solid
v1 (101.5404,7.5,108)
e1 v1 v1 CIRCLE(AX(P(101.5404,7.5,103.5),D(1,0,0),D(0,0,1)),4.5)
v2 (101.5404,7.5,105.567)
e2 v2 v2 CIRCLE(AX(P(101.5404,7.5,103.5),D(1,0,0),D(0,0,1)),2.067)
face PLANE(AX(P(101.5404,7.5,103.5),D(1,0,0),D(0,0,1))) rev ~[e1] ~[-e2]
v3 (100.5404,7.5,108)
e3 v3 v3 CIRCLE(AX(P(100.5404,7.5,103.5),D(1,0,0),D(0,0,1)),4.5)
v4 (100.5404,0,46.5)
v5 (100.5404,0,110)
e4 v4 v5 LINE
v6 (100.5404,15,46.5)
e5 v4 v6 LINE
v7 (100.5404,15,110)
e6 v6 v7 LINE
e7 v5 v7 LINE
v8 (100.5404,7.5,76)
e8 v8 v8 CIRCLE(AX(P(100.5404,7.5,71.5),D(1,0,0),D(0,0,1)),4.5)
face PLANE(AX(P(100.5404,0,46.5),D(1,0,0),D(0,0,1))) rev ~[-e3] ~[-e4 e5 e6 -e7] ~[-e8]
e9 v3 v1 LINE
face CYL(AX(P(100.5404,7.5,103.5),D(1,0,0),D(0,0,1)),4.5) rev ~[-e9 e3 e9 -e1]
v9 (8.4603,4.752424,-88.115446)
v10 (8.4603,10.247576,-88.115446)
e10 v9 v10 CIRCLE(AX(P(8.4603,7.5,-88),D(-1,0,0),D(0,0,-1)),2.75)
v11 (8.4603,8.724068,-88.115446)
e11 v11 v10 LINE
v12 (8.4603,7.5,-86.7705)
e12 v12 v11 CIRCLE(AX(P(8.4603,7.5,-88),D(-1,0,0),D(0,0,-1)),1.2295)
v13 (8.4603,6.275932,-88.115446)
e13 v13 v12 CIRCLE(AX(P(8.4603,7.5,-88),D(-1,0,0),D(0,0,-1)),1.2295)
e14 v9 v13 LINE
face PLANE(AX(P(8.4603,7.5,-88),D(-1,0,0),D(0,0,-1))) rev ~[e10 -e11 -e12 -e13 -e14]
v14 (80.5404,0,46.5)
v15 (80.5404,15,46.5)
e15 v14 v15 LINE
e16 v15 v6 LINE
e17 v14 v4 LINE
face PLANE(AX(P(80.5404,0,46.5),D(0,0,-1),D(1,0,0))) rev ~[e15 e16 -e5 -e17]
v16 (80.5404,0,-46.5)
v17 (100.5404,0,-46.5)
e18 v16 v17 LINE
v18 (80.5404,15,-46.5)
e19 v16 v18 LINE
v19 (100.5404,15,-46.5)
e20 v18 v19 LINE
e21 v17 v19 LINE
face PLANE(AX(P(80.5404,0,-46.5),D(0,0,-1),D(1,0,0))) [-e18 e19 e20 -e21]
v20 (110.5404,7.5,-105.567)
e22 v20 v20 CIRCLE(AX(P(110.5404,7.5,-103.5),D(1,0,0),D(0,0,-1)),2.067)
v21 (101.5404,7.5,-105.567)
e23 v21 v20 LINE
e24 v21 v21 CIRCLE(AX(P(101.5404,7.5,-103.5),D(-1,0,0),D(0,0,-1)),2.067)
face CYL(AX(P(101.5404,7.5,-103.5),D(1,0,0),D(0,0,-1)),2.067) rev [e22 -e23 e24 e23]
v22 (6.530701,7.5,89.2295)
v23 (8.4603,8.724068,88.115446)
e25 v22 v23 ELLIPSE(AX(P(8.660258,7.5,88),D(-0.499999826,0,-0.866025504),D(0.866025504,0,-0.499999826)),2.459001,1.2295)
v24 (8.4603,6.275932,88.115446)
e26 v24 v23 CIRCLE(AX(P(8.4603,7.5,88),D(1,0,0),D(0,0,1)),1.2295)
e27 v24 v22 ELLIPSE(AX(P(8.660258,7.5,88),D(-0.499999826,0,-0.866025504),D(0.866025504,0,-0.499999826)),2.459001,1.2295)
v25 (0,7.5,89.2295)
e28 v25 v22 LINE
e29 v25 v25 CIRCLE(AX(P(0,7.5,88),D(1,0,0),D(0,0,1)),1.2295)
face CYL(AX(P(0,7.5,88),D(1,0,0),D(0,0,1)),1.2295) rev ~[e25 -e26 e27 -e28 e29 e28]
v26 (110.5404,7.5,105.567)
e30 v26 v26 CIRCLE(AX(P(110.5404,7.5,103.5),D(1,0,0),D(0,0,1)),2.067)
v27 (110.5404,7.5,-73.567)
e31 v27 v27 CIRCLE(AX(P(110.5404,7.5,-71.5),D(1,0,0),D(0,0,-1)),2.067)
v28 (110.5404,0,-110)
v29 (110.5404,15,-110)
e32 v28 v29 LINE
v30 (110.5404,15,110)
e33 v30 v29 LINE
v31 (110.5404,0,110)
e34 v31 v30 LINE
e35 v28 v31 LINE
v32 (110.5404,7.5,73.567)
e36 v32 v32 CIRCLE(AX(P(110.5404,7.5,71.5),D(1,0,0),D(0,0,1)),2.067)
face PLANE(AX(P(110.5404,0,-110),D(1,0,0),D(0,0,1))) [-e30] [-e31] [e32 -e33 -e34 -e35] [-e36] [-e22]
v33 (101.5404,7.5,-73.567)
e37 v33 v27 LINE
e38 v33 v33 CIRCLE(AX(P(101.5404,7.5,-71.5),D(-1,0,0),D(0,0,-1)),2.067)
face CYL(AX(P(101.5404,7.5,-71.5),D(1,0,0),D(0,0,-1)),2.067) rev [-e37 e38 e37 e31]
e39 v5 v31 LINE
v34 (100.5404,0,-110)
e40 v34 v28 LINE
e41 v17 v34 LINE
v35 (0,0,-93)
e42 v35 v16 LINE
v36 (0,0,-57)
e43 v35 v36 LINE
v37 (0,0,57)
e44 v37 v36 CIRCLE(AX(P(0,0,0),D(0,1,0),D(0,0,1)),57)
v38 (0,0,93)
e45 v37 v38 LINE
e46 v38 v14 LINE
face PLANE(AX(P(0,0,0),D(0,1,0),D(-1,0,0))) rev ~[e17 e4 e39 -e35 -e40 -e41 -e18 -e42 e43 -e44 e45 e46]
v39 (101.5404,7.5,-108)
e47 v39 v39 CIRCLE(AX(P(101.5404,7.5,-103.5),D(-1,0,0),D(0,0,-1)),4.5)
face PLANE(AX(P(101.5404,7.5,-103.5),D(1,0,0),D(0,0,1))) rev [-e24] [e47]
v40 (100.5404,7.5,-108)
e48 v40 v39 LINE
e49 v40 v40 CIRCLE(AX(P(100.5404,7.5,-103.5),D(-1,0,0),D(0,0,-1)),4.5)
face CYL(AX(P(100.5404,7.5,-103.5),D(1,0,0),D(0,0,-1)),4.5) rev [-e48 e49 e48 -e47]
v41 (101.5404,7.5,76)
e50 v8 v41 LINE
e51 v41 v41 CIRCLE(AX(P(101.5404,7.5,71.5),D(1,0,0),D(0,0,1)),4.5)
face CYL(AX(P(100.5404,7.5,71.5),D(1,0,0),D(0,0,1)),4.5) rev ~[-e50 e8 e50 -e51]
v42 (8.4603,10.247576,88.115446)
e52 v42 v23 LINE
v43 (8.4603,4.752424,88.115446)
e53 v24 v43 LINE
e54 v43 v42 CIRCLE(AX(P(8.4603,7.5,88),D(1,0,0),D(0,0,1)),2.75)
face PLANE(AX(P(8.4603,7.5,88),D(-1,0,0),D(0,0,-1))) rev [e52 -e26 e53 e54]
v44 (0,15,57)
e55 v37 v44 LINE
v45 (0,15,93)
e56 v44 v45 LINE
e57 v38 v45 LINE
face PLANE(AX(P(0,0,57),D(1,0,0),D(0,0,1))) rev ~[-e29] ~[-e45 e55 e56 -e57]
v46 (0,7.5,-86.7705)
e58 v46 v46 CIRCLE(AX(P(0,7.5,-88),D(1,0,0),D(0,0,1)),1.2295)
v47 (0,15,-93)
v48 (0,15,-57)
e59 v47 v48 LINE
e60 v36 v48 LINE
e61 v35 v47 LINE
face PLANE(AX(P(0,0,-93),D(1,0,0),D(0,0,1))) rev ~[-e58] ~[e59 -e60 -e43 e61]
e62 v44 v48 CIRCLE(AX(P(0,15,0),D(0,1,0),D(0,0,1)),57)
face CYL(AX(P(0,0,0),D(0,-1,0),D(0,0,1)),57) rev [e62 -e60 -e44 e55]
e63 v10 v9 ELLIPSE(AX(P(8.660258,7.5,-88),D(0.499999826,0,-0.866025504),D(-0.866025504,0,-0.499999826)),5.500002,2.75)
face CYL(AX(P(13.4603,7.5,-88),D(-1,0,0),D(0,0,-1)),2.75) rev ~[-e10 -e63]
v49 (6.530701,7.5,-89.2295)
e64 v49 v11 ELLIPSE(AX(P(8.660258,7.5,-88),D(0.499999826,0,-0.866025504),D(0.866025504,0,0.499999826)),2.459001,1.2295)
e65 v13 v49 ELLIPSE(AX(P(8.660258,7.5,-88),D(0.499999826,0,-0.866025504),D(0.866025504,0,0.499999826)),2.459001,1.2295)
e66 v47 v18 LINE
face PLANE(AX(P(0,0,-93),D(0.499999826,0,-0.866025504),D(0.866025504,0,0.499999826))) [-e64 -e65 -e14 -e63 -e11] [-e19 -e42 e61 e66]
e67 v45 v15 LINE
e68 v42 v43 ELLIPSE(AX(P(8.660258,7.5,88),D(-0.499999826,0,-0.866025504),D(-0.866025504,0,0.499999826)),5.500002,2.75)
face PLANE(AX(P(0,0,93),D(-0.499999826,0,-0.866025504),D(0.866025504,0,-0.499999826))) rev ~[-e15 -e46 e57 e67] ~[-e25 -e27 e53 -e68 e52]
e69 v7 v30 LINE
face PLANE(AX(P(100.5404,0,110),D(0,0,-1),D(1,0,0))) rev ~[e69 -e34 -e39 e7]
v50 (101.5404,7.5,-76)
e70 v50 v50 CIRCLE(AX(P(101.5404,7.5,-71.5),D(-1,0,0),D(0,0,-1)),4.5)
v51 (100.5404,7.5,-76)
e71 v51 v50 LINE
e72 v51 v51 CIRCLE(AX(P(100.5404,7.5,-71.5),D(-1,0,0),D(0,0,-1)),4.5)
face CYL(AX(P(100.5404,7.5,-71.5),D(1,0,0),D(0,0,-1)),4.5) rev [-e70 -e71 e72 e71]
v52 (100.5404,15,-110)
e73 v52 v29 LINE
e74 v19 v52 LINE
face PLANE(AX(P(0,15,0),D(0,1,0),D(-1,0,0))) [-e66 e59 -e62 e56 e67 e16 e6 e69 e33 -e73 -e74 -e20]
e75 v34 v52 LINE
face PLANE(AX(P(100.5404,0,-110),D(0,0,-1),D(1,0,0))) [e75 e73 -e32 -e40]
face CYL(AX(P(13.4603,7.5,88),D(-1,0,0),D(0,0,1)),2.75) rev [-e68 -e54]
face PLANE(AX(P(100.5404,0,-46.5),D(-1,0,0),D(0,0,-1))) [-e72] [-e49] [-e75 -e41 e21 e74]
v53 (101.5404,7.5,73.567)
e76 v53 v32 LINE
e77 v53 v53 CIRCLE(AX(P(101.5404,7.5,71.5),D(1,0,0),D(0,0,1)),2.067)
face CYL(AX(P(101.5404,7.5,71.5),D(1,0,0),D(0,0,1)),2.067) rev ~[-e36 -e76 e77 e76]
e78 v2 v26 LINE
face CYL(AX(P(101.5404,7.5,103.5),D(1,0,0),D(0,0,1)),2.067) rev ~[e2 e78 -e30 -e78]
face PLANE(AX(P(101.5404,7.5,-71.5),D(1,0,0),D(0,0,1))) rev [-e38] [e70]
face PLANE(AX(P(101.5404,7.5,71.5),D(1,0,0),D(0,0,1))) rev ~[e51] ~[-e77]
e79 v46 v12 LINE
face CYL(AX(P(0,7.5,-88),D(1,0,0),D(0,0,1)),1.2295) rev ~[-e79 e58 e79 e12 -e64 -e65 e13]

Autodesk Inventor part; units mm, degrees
sketch "スケッチ1" plane through (0, 0, 0) normal (0, 1, 0) x (-1, 0, 0)
  arc A0 (0, 57) -> (0, -57) centre (0, 0) ccw
  line L0 (0, 57) -> (0, 93) construction
  line L1 (0, 57) -> (0, 93)
  line L2 (0, 93) -> (-80.5404, 46.5)
  line L3 (-80.5404, 46.5) -> (-100.5404, 46.5)
  line L4 (-100.5404, 46.5) -> (-100.5404, 110)
  line L5 (-100.5404, 110) -> (-110.5404, 110)
  line L6 (-110.5404, 110) -> (-110.5404, 0)
  line L7 (0, -57) -> (0, -93) construction
  line L8 (0, -93) -> (-80.5404, -46.5)
  line L9 (-80.5404, -46.5) -> (-100.5404, -46.5)
  line L10 (-100.5404, -46.5) -> (-100.5404, -110)
  line L11 (-100.5404, -110) -> (-110.5404, -110)
  line L12 (-110.5404, -110) -> (-110.5404, 0)
  line L13 (0, -93) -> (0, -57)
  dimension "d0" = 57
  dimension "d7" = 10
sketch "スケッチ2" plane through (0, 0, 0) normal (0, 1, 0) x (-1, 0, 0)
  point P0 (0, 0)
extrude "押し出し1" add sketch "スケッチ1" along normal blind 15
sketch "スケッチ3" plane through (100.5404, 0, 46.5) normal (-1, 0, 0) x (0, 0, 1)
  point P0 (-46.5, 0)
sketch "スケッチ4" plane through (0, 0, 57) normal (-1, 0, 0) x (0, 0, 1)
  line L0 (0, 0) -> (0, 15) projected
  line L1 (0, 0) -> (31, 0)
  line L2 (36, 0) -> (36, 15) projected
  line L3 (31, 0) -> (31, 7.5)
  point P0 (-57, 0)
  dimension "d10" = 31
  dimension "d11" = 7.5
hole "穴1" at (0, 7.5, 88) direction (1, 0, 0) diameter 2.459 depth 31.54 tip angle 118 thread size "M3x0.5" class "6H" standard "ISO Metric profile"
sketch "スケッチ5" plane through (0, 0, -93) normal (-1, 0, 0) x (0, 0, 1)
  line L0 (36, 0) -> (36, 15) projected
  line L1 (36, 0) -> (5, 0)
  line L2 (-17, 0) -> (46.5, 0) projected
  line L3 (5, 0) -> (5, 7.5)
  line L4 (-17, 15) -> (46.5, 15) projected
  point P0 (93, 0)
  dimension "d19" = 31
  dimension "d20" = 7.5
hole "穴2" at (0, 7.5, -88) direction (1, 0, 0) diameter 2.459 depth 35.79 tip angle 118 thread size "M3x0.5" class "6H" standard "ISO Metric profile"
sketch "スケッチ7" plane through (0, 0, -93) normal (0.5, 0, -0.866) x (-0.866, 0, -0.5)
  ellipse E0 centre (-10, 7.5) end of major axis (-12.459, 7.5) minor radius 1.2295 projected
  point P0 (-46.5, 0)
  point P1 (-10, 7.5)
ref_plane "作業平面1" through (8.6603, 7.5, -88) normal (0, 0, 1) x (1, 0, 0)
sketch "スケッチ8" plane through (8.6603, 7.5, -88) normal (0, 0, 1) x (1, 0, 0)
  ellipse E0 centre (0, 0) end of major axis (-2.1296, 0) minor radius 1.2295 projected
  line L0 (0, 0) -> (4.8, 0)
  point P0 (-8.6603, -7.5)
  dimension "d28" = 4.8
ref_plane "作業平面2" through (13.4603, 7.5, -88) normal (-1, 0, 0) x (0, 0, 1)
sketch "スケッチ9" plane through (13.4603, 7.5, -88) normal (-1, 0, 0) x (0, 0, 1)
  point P0 (88, -7.5)
  point P1 (0, 0)
hole "穴3" at (13.4603, 7.5, -88) direction (-1, 0, 0) diameter 2.459 end through all counterbore diameter 5.5 counterbore depth 5 thread size "M3x0.5" class "6H" standard "ISO Metric profile"
sketch "スケッチ10" plane through (100.5404, 0, 46.5) normal (-1, 0, 0) x (0, 0, 1)
  line L0 (63.5, 0) -> (63.5, 15) projected
  line L1 (63.5, 7.5) -> (57, 7.5)
  line L2 (46.5, 0) -> (46.5, 15) projected
  line L3 (57, 7.5) -> (25, 7.5)
  point P0 (-46.5, 0)
  dimension "d36" = 6.5
  dimension "d37" = 32
hole "穴4" at (100.5404, 7.5, 103.5) at (100.5404, 7.5, 71.5) direction (1, 0, 0) diameter 4.134 end through all counterbore diameter 9 counterbore depth 1 thread size "M5x0.8" class "6H" standard "ISO Metric profile"
ref_plane "作業平面3" through (0, 0, 0) normal (0, 0, 1) x (1, 0, 0)
mirror "ミラー1" about plane through (0, 0, 0) normal (0, 0, 1) of "穴4", "穴3"
properties part number "nowtrying"
